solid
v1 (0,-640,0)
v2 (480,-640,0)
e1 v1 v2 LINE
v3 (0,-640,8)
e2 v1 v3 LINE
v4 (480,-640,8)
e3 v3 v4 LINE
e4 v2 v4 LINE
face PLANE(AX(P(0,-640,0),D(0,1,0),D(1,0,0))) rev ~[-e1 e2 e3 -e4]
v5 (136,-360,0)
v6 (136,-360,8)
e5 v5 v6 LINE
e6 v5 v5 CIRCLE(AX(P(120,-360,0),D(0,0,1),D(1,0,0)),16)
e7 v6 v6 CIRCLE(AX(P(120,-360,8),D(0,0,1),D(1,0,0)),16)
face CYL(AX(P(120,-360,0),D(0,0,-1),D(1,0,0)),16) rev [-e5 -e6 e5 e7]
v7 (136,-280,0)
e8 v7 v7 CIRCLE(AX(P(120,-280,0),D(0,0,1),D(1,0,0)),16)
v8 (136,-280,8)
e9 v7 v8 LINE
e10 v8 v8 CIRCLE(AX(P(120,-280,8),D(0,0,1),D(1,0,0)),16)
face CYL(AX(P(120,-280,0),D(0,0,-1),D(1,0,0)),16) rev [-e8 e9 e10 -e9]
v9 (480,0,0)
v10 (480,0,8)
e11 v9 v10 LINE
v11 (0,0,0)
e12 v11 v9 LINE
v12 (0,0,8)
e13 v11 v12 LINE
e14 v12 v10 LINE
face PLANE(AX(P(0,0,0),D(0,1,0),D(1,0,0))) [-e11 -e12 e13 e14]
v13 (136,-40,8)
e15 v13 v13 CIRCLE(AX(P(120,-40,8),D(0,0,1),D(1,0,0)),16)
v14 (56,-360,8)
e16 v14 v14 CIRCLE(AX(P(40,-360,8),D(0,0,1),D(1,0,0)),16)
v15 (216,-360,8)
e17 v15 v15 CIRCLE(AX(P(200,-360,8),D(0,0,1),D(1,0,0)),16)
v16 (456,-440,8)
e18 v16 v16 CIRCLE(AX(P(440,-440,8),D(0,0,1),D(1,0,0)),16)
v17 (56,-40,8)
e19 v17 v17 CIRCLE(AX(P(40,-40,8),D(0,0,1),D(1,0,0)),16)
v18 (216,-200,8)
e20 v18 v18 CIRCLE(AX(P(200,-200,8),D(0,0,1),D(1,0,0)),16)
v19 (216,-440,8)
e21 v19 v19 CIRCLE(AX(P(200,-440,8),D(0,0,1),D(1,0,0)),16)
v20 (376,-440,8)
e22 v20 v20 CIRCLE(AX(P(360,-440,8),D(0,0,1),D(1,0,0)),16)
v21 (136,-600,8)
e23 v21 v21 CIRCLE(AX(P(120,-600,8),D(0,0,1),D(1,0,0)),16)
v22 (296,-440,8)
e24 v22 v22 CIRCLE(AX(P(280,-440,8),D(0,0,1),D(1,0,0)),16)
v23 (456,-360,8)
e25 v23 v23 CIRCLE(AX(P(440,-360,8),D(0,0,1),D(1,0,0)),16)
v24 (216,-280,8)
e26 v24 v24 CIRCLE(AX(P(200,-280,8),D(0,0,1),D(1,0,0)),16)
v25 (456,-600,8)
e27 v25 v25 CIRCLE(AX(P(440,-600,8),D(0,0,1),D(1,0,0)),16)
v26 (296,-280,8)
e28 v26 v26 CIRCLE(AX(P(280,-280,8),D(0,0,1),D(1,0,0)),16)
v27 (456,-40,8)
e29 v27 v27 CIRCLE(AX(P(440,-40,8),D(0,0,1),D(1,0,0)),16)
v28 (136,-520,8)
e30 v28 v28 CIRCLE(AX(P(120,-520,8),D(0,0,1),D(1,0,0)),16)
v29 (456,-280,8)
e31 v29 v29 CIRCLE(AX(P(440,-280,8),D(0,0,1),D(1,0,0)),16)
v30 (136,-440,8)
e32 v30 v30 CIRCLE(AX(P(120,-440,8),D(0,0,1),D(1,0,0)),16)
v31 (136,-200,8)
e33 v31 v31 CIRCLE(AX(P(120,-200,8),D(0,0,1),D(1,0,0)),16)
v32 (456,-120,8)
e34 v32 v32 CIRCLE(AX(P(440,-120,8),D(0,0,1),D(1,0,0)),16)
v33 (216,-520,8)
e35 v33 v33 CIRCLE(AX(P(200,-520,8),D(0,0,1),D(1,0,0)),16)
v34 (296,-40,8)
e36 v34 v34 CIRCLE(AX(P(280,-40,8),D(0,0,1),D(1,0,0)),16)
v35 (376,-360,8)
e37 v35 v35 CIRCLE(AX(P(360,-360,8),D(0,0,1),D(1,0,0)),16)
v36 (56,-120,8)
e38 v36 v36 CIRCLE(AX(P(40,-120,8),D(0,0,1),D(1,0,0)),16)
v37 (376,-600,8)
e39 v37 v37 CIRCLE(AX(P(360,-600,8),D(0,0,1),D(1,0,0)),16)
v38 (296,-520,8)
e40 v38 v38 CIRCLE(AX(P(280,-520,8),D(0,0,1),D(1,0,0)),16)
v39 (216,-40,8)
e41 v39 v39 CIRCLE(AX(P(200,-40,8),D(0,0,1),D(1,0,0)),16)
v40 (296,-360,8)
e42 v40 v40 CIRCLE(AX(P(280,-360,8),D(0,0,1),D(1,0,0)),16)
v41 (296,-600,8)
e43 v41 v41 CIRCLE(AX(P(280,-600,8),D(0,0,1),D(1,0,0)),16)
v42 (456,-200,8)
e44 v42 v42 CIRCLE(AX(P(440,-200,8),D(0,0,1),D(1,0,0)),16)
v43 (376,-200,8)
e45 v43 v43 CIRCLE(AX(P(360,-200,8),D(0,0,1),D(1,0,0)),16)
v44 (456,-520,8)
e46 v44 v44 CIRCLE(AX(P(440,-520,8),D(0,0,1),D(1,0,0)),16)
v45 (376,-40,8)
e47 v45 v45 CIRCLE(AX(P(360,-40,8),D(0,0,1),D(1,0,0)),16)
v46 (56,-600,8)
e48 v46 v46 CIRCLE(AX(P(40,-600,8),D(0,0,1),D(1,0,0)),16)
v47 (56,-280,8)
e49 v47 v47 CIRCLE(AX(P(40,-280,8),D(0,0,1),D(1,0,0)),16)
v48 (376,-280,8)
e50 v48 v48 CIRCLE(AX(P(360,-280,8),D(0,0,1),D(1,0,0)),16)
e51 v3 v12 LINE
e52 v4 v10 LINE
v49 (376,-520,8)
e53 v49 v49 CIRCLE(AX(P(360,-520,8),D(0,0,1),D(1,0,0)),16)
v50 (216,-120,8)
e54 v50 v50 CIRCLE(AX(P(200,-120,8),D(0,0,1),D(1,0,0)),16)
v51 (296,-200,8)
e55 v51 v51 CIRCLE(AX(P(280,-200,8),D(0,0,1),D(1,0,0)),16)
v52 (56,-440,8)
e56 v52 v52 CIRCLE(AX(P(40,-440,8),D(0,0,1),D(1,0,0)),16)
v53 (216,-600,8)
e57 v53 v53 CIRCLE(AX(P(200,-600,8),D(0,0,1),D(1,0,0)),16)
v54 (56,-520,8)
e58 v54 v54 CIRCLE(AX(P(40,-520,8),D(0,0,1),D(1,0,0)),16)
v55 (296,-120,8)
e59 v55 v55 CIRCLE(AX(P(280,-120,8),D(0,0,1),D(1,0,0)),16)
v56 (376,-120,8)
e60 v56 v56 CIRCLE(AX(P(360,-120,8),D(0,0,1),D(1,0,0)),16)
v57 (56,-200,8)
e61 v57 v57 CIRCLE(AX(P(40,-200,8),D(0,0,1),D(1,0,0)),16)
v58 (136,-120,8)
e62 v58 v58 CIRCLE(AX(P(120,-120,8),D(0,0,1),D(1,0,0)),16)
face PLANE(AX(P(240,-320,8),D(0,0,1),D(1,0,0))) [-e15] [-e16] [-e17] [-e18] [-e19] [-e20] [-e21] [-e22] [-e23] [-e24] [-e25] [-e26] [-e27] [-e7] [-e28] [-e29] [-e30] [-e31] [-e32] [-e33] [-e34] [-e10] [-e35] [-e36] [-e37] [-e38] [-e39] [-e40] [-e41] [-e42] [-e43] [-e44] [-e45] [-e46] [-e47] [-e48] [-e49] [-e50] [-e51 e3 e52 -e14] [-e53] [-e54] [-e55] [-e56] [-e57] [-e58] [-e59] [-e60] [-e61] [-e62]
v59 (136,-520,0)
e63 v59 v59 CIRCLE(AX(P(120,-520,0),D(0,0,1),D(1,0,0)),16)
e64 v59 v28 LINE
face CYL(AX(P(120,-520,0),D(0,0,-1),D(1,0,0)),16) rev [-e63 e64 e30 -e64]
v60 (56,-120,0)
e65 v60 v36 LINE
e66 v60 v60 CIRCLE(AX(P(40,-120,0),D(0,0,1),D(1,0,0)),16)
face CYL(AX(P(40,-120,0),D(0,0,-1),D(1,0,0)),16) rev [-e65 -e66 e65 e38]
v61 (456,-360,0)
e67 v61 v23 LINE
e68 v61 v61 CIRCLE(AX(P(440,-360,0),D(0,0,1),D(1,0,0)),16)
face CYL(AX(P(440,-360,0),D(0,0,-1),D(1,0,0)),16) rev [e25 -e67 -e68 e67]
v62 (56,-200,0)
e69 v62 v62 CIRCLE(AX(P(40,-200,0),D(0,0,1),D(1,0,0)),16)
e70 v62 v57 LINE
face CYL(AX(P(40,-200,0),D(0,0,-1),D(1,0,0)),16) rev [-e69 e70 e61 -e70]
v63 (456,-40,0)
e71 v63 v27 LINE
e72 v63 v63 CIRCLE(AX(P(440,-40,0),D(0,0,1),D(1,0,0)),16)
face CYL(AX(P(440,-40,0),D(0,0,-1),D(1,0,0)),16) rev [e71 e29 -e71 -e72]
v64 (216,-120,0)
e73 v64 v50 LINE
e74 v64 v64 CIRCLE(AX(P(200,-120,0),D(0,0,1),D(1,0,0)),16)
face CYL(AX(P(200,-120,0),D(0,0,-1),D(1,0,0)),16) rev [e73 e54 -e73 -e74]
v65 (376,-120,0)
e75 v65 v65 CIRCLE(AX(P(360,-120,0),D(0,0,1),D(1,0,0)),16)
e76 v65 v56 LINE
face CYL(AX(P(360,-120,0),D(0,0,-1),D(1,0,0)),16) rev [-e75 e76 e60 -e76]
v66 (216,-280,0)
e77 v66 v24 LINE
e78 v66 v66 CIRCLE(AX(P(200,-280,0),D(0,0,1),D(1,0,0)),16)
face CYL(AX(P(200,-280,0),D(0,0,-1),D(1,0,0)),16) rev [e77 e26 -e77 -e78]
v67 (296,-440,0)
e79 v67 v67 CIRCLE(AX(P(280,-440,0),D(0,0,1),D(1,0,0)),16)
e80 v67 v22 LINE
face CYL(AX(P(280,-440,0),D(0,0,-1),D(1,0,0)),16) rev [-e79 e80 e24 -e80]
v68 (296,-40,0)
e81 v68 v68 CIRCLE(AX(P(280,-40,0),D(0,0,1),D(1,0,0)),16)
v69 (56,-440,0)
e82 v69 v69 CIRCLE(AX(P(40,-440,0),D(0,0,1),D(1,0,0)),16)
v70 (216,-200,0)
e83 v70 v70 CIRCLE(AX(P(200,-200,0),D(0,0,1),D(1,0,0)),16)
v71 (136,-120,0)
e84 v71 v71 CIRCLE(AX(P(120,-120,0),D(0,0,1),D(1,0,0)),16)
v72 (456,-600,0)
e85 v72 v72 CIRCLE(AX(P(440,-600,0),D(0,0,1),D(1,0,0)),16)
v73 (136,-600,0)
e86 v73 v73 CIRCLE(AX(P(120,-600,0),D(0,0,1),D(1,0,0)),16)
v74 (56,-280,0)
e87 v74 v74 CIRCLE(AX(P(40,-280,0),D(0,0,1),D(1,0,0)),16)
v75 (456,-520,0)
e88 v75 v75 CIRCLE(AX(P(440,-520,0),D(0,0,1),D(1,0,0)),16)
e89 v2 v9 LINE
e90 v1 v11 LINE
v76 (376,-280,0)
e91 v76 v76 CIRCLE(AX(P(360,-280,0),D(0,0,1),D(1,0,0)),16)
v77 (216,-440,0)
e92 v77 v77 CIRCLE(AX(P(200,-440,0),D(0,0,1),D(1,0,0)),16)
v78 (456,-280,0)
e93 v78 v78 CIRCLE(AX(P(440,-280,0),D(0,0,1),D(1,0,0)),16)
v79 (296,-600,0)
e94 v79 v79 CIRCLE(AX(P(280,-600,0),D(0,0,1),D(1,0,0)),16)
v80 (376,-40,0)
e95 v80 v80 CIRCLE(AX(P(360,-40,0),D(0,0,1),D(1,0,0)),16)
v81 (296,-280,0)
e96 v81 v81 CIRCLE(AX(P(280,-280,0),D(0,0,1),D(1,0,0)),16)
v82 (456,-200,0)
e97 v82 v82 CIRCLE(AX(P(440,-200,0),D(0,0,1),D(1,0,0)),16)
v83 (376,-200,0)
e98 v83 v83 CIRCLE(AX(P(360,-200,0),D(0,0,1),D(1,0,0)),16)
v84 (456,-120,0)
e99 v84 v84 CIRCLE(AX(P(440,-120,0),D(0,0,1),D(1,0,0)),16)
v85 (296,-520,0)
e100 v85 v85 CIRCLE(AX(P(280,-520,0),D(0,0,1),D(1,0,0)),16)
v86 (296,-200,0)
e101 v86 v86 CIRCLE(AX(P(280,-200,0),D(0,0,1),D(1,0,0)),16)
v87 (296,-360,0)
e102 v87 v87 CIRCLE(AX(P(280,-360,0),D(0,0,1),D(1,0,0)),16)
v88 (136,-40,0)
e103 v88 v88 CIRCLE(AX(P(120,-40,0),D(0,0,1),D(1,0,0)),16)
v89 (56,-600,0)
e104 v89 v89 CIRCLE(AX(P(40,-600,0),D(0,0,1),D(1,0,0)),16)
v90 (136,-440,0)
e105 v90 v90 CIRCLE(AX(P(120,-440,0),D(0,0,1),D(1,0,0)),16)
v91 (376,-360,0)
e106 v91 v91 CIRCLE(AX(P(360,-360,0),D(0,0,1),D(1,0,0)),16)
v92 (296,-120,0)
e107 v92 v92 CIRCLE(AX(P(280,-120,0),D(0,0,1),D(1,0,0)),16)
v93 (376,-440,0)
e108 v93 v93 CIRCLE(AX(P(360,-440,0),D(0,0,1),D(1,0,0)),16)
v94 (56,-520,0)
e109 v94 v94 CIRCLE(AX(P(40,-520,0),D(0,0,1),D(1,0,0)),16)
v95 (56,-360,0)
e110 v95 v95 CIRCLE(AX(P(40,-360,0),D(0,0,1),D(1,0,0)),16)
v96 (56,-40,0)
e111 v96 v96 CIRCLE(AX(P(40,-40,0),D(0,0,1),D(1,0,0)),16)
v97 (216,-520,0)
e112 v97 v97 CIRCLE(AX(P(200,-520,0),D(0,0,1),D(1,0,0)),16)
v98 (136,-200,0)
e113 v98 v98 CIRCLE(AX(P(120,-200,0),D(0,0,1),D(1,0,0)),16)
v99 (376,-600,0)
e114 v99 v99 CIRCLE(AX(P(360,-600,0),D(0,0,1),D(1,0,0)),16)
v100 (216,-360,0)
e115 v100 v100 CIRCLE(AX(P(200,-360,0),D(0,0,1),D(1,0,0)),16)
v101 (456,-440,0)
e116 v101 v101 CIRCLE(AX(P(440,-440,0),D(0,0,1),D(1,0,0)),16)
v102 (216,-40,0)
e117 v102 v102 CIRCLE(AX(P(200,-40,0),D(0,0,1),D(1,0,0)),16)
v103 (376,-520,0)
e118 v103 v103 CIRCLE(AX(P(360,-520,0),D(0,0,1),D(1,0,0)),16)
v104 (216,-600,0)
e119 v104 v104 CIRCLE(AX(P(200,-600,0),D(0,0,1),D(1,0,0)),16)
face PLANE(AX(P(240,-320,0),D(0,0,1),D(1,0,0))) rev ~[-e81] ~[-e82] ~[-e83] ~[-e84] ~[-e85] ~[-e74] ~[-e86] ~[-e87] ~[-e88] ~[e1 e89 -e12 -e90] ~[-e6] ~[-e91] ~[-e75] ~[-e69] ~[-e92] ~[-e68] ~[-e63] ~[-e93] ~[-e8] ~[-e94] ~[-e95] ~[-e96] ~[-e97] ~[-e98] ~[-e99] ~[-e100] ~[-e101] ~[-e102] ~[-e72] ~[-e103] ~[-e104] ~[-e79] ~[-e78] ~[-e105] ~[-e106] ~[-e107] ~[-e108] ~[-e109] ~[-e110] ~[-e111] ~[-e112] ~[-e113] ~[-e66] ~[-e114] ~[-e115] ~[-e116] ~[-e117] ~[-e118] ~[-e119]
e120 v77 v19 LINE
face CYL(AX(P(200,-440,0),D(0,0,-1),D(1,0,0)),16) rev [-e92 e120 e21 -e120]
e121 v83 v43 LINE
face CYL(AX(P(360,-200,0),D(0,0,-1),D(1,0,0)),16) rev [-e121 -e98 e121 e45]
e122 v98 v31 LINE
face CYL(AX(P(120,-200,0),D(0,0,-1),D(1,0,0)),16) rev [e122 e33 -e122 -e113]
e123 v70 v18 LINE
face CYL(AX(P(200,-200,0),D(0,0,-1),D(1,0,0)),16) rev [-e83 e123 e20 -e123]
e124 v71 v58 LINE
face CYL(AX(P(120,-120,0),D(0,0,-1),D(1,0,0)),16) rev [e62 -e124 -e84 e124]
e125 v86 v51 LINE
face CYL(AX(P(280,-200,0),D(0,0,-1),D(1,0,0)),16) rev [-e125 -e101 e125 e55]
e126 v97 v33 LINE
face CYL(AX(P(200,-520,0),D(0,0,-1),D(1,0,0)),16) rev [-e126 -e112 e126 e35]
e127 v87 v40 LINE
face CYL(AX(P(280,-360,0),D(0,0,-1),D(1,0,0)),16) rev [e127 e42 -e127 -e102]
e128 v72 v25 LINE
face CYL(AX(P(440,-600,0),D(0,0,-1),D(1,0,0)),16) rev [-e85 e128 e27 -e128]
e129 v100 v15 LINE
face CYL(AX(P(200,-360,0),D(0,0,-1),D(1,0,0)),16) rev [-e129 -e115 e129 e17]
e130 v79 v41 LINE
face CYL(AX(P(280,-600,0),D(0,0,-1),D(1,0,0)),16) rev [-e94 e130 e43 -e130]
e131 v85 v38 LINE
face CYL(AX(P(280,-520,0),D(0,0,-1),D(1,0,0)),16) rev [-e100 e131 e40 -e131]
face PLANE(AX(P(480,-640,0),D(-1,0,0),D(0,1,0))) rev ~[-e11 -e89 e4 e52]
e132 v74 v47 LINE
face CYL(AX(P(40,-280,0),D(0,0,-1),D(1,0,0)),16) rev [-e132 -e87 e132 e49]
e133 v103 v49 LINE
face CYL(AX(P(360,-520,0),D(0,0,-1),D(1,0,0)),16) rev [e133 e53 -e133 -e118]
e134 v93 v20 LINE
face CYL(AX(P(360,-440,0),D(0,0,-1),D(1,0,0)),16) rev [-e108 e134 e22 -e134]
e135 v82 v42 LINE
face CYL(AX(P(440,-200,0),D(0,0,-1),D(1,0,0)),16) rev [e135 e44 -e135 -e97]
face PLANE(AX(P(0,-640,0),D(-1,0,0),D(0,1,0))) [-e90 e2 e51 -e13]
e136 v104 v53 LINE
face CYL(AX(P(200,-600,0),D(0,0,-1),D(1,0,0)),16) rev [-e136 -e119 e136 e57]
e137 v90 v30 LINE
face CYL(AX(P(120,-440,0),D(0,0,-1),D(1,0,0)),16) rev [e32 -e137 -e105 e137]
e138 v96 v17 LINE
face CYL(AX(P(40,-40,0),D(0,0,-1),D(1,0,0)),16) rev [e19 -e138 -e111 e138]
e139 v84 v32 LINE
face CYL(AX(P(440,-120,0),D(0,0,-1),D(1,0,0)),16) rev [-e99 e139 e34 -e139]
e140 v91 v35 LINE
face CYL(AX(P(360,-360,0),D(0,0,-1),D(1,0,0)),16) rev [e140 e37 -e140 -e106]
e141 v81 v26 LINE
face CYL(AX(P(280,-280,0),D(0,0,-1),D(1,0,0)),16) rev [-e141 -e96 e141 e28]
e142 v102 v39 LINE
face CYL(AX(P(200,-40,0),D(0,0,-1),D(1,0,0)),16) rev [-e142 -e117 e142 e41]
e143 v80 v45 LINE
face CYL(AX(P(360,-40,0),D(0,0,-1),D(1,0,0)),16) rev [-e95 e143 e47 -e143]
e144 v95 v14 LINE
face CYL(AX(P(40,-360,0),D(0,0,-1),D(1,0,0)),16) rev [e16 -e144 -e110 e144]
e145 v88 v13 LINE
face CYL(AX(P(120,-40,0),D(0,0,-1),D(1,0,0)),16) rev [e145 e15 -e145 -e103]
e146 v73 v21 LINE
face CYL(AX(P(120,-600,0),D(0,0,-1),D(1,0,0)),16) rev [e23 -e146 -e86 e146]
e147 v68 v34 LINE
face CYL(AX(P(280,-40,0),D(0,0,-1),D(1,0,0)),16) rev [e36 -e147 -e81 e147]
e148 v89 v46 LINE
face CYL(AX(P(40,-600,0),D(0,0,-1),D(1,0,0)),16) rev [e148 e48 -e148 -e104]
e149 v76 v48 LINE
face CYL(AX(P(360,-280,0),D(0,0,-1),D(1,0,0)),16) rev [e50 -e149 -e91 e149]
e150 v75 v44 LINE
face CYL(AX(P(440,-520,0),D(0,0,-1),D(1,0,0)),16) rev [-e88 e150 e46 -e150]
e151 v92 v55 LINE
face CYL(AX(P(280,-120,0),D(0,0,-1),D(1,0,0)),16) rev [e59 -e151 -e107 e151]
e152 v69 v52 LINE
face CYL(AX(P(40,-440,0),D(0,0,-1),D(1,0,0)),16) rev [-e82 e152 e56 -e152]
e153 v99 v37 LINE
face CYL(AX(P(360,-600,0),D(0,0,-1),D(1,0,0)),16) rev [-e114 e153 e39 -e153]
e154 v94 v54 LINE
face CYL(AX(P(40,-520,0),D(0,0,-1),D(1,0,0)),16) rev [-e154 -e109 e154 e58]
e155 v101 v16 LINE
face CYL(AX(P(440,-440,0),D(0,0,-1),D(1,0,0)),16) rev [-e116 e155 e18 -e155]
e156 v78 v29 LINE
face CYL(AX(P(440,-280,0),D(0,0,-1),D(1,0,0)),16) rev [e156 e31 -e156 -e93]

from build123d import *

# Parameters (mm, degrees)
F0_W     = 480
F0_H     = 640
F0_R     = 16
F1_DEPTH = 8


with BuildPart() as f1:
    # F0 (on Top) → F1 (new body)
    with BuildSketch(Plane.XY):
        with Locations((240, -320)):
            Rectangle(F0_W, F0_H)
        with Locations((40, -600)):
            Circle(F0_R, mode=Mode.SUBTRACT)
        with Locations((40, -520)):
            Circle(F0_R, mode=Mode.SUBTRACT)
        with Locations((120, -600)):
            Circle(F0_R, mode=Mode.SUBTRACT)
        with Locations((200, -600)):
            Circle(F0_R, mode=Mode.SUBTRACT)
        with Locations((120, -520)):
            Circle(F0_R, mode=Mode.SUBTRACT)
        with Locations((200, -520)):
            Circle(F0_R, mode=Mode.SUBTRACT)
        with Locations((40, -440)):
            Circle(F0_R, mode=Mode.SUBTRACT)
        with Locations((40, -360)):
            Circle(F0_R, mode=Mode.SUBTRACT)
        with Locations((120, -440)):
            Circle(F0_R, mode=Mode.SUBTRACT)
        with Locations((200, -440)):
            Circle(F0_R, mode=Mode.SUBTRACT)
        with Locations((120, -360)):
            Circle(F0_R, mode=Mode.SUBTRACT)
        with Locations((200, -360)):
            Circle(F0_R, mode=Mode.SUBTRACT)
        with Locations((280, -600)):
            Circle(F0_R, mode=Mode.SUBTRACT)
        with Locations((280, -520)):
            Circle(F0_R, mode=Mode.SUBTRACT)
        with Locations((360, -600)):
            Circle(F0_R, mode=Mode.SUBTRACT)
        with Locations((440, -600)):
            Circle(F0_R, mode=Mode.SUBTRACT)
        with Locations((360, -520)):
            Circle(F0_R, mode=Mode.SUBTRACT)
        with Locations((440, -520)):
            Circle(F0_R, mode=Mode.SUBTRACT)
        with Locations((280, -440)):
            Circle(F0_R, mode=Mode.SUBTRACT)
        with Locations((280, -360)):
            Circle(F0_R, mode=Mode.SUBTRACT)
        with Locations((360, -440)):
            Circle(F0_R, mode=Mode.SUBTRACT)
        with Locations((440, -440)):
            Circle(F0_R, mode=Mode.SUBTRACT)
        with Locations((360, -360)):
            Circle(F0_R, mode=Mode.SUBTRACT)
        with Locations((440, -360)):
            Circle(F0_R, mode=Mode.SUBTRACT)
        with Locations((40, -280)):
            Circle(F0_R, mode=Mode.SUBTRACT)
        with Locations((40, -200)):
            Circle(F0_R, mode=Mode.SUBTRACT)
        with Locations((120, -280)):
            Circle(F0_R, mode=Mode.SUBTRACT)
        with Locations((200, -280)):
            Circle(F0_R, mode=Mode.SUBTRACT)
        with Locations((120, -200)):
            Circle(F0_R, mode=Mode.SUBTRACT)
        with Locations((200, -200)):
            Circle(F0_R, mode=Mode.SUBTRACT)
        with Locations((40, -120)):
            Circle(F0_R, mode=Mode.SUBTRACT)
        with Locations((40, -40)):
            Circle(F0_R, mode=Mode.SUBTRACT)
        with Locations((120, -120)):
            Circle(F0_R, mode=Mode.SUBTRACT)
        with Locations((200, -120)):
            Circle(F0_R, mode=Mode.SUBTRACT)
        with Locations((120, -40)):
            Circle(F0_R, mode=Mode.SUBTRACT)
        with Locations((200, -40)):
            Circle(F0_R, mode=Mode.SUBTRACT)
        with Locations((280, -280)):
            Circle(F0_R, mode=Mode.SUBTRACT)
        with Locations((280, -200)):
            Circle(F0_R, mode=Mode.SUBTRACT)
        with Locations((360, -280)):
            Circle(F0_R, mode=Mode.SUBTRACT)
        with Locations((440, -280)):
            Circle(F0_R, mode=Mode.SUBTRACT)
        with Locations((360, -200)):
            Circle(F0_R, mode=Mode.SUBTRACT)
        with Locations((440, -200)):
            Circle(F0_R, mode=Mode.SUBTRACT)
        with Locations((280, -120)):
            Circle(F0_R, mode=Mode.SUBTRACT)
        with Locations((280, -40)):
            Circle(F0_R, mode=Mode.SUBTRACT)
        with Locations((360, -120)):
            Circle(F0_R, mode=Mode.SUBTRACT)
        with Locations((440, -120)):
            Circle(F0_R, mode=Mode.SUBTRACT)
        with Locations((360, -40)):
            Circle(F0_R, mode=Mode.SUBTRACT)
        with Locations((440, -40)):
            Circle(F0_R, mode=Mode.SUBTRACT)
    extrude(amount=F1_DEPTH)


solid = f1.part
